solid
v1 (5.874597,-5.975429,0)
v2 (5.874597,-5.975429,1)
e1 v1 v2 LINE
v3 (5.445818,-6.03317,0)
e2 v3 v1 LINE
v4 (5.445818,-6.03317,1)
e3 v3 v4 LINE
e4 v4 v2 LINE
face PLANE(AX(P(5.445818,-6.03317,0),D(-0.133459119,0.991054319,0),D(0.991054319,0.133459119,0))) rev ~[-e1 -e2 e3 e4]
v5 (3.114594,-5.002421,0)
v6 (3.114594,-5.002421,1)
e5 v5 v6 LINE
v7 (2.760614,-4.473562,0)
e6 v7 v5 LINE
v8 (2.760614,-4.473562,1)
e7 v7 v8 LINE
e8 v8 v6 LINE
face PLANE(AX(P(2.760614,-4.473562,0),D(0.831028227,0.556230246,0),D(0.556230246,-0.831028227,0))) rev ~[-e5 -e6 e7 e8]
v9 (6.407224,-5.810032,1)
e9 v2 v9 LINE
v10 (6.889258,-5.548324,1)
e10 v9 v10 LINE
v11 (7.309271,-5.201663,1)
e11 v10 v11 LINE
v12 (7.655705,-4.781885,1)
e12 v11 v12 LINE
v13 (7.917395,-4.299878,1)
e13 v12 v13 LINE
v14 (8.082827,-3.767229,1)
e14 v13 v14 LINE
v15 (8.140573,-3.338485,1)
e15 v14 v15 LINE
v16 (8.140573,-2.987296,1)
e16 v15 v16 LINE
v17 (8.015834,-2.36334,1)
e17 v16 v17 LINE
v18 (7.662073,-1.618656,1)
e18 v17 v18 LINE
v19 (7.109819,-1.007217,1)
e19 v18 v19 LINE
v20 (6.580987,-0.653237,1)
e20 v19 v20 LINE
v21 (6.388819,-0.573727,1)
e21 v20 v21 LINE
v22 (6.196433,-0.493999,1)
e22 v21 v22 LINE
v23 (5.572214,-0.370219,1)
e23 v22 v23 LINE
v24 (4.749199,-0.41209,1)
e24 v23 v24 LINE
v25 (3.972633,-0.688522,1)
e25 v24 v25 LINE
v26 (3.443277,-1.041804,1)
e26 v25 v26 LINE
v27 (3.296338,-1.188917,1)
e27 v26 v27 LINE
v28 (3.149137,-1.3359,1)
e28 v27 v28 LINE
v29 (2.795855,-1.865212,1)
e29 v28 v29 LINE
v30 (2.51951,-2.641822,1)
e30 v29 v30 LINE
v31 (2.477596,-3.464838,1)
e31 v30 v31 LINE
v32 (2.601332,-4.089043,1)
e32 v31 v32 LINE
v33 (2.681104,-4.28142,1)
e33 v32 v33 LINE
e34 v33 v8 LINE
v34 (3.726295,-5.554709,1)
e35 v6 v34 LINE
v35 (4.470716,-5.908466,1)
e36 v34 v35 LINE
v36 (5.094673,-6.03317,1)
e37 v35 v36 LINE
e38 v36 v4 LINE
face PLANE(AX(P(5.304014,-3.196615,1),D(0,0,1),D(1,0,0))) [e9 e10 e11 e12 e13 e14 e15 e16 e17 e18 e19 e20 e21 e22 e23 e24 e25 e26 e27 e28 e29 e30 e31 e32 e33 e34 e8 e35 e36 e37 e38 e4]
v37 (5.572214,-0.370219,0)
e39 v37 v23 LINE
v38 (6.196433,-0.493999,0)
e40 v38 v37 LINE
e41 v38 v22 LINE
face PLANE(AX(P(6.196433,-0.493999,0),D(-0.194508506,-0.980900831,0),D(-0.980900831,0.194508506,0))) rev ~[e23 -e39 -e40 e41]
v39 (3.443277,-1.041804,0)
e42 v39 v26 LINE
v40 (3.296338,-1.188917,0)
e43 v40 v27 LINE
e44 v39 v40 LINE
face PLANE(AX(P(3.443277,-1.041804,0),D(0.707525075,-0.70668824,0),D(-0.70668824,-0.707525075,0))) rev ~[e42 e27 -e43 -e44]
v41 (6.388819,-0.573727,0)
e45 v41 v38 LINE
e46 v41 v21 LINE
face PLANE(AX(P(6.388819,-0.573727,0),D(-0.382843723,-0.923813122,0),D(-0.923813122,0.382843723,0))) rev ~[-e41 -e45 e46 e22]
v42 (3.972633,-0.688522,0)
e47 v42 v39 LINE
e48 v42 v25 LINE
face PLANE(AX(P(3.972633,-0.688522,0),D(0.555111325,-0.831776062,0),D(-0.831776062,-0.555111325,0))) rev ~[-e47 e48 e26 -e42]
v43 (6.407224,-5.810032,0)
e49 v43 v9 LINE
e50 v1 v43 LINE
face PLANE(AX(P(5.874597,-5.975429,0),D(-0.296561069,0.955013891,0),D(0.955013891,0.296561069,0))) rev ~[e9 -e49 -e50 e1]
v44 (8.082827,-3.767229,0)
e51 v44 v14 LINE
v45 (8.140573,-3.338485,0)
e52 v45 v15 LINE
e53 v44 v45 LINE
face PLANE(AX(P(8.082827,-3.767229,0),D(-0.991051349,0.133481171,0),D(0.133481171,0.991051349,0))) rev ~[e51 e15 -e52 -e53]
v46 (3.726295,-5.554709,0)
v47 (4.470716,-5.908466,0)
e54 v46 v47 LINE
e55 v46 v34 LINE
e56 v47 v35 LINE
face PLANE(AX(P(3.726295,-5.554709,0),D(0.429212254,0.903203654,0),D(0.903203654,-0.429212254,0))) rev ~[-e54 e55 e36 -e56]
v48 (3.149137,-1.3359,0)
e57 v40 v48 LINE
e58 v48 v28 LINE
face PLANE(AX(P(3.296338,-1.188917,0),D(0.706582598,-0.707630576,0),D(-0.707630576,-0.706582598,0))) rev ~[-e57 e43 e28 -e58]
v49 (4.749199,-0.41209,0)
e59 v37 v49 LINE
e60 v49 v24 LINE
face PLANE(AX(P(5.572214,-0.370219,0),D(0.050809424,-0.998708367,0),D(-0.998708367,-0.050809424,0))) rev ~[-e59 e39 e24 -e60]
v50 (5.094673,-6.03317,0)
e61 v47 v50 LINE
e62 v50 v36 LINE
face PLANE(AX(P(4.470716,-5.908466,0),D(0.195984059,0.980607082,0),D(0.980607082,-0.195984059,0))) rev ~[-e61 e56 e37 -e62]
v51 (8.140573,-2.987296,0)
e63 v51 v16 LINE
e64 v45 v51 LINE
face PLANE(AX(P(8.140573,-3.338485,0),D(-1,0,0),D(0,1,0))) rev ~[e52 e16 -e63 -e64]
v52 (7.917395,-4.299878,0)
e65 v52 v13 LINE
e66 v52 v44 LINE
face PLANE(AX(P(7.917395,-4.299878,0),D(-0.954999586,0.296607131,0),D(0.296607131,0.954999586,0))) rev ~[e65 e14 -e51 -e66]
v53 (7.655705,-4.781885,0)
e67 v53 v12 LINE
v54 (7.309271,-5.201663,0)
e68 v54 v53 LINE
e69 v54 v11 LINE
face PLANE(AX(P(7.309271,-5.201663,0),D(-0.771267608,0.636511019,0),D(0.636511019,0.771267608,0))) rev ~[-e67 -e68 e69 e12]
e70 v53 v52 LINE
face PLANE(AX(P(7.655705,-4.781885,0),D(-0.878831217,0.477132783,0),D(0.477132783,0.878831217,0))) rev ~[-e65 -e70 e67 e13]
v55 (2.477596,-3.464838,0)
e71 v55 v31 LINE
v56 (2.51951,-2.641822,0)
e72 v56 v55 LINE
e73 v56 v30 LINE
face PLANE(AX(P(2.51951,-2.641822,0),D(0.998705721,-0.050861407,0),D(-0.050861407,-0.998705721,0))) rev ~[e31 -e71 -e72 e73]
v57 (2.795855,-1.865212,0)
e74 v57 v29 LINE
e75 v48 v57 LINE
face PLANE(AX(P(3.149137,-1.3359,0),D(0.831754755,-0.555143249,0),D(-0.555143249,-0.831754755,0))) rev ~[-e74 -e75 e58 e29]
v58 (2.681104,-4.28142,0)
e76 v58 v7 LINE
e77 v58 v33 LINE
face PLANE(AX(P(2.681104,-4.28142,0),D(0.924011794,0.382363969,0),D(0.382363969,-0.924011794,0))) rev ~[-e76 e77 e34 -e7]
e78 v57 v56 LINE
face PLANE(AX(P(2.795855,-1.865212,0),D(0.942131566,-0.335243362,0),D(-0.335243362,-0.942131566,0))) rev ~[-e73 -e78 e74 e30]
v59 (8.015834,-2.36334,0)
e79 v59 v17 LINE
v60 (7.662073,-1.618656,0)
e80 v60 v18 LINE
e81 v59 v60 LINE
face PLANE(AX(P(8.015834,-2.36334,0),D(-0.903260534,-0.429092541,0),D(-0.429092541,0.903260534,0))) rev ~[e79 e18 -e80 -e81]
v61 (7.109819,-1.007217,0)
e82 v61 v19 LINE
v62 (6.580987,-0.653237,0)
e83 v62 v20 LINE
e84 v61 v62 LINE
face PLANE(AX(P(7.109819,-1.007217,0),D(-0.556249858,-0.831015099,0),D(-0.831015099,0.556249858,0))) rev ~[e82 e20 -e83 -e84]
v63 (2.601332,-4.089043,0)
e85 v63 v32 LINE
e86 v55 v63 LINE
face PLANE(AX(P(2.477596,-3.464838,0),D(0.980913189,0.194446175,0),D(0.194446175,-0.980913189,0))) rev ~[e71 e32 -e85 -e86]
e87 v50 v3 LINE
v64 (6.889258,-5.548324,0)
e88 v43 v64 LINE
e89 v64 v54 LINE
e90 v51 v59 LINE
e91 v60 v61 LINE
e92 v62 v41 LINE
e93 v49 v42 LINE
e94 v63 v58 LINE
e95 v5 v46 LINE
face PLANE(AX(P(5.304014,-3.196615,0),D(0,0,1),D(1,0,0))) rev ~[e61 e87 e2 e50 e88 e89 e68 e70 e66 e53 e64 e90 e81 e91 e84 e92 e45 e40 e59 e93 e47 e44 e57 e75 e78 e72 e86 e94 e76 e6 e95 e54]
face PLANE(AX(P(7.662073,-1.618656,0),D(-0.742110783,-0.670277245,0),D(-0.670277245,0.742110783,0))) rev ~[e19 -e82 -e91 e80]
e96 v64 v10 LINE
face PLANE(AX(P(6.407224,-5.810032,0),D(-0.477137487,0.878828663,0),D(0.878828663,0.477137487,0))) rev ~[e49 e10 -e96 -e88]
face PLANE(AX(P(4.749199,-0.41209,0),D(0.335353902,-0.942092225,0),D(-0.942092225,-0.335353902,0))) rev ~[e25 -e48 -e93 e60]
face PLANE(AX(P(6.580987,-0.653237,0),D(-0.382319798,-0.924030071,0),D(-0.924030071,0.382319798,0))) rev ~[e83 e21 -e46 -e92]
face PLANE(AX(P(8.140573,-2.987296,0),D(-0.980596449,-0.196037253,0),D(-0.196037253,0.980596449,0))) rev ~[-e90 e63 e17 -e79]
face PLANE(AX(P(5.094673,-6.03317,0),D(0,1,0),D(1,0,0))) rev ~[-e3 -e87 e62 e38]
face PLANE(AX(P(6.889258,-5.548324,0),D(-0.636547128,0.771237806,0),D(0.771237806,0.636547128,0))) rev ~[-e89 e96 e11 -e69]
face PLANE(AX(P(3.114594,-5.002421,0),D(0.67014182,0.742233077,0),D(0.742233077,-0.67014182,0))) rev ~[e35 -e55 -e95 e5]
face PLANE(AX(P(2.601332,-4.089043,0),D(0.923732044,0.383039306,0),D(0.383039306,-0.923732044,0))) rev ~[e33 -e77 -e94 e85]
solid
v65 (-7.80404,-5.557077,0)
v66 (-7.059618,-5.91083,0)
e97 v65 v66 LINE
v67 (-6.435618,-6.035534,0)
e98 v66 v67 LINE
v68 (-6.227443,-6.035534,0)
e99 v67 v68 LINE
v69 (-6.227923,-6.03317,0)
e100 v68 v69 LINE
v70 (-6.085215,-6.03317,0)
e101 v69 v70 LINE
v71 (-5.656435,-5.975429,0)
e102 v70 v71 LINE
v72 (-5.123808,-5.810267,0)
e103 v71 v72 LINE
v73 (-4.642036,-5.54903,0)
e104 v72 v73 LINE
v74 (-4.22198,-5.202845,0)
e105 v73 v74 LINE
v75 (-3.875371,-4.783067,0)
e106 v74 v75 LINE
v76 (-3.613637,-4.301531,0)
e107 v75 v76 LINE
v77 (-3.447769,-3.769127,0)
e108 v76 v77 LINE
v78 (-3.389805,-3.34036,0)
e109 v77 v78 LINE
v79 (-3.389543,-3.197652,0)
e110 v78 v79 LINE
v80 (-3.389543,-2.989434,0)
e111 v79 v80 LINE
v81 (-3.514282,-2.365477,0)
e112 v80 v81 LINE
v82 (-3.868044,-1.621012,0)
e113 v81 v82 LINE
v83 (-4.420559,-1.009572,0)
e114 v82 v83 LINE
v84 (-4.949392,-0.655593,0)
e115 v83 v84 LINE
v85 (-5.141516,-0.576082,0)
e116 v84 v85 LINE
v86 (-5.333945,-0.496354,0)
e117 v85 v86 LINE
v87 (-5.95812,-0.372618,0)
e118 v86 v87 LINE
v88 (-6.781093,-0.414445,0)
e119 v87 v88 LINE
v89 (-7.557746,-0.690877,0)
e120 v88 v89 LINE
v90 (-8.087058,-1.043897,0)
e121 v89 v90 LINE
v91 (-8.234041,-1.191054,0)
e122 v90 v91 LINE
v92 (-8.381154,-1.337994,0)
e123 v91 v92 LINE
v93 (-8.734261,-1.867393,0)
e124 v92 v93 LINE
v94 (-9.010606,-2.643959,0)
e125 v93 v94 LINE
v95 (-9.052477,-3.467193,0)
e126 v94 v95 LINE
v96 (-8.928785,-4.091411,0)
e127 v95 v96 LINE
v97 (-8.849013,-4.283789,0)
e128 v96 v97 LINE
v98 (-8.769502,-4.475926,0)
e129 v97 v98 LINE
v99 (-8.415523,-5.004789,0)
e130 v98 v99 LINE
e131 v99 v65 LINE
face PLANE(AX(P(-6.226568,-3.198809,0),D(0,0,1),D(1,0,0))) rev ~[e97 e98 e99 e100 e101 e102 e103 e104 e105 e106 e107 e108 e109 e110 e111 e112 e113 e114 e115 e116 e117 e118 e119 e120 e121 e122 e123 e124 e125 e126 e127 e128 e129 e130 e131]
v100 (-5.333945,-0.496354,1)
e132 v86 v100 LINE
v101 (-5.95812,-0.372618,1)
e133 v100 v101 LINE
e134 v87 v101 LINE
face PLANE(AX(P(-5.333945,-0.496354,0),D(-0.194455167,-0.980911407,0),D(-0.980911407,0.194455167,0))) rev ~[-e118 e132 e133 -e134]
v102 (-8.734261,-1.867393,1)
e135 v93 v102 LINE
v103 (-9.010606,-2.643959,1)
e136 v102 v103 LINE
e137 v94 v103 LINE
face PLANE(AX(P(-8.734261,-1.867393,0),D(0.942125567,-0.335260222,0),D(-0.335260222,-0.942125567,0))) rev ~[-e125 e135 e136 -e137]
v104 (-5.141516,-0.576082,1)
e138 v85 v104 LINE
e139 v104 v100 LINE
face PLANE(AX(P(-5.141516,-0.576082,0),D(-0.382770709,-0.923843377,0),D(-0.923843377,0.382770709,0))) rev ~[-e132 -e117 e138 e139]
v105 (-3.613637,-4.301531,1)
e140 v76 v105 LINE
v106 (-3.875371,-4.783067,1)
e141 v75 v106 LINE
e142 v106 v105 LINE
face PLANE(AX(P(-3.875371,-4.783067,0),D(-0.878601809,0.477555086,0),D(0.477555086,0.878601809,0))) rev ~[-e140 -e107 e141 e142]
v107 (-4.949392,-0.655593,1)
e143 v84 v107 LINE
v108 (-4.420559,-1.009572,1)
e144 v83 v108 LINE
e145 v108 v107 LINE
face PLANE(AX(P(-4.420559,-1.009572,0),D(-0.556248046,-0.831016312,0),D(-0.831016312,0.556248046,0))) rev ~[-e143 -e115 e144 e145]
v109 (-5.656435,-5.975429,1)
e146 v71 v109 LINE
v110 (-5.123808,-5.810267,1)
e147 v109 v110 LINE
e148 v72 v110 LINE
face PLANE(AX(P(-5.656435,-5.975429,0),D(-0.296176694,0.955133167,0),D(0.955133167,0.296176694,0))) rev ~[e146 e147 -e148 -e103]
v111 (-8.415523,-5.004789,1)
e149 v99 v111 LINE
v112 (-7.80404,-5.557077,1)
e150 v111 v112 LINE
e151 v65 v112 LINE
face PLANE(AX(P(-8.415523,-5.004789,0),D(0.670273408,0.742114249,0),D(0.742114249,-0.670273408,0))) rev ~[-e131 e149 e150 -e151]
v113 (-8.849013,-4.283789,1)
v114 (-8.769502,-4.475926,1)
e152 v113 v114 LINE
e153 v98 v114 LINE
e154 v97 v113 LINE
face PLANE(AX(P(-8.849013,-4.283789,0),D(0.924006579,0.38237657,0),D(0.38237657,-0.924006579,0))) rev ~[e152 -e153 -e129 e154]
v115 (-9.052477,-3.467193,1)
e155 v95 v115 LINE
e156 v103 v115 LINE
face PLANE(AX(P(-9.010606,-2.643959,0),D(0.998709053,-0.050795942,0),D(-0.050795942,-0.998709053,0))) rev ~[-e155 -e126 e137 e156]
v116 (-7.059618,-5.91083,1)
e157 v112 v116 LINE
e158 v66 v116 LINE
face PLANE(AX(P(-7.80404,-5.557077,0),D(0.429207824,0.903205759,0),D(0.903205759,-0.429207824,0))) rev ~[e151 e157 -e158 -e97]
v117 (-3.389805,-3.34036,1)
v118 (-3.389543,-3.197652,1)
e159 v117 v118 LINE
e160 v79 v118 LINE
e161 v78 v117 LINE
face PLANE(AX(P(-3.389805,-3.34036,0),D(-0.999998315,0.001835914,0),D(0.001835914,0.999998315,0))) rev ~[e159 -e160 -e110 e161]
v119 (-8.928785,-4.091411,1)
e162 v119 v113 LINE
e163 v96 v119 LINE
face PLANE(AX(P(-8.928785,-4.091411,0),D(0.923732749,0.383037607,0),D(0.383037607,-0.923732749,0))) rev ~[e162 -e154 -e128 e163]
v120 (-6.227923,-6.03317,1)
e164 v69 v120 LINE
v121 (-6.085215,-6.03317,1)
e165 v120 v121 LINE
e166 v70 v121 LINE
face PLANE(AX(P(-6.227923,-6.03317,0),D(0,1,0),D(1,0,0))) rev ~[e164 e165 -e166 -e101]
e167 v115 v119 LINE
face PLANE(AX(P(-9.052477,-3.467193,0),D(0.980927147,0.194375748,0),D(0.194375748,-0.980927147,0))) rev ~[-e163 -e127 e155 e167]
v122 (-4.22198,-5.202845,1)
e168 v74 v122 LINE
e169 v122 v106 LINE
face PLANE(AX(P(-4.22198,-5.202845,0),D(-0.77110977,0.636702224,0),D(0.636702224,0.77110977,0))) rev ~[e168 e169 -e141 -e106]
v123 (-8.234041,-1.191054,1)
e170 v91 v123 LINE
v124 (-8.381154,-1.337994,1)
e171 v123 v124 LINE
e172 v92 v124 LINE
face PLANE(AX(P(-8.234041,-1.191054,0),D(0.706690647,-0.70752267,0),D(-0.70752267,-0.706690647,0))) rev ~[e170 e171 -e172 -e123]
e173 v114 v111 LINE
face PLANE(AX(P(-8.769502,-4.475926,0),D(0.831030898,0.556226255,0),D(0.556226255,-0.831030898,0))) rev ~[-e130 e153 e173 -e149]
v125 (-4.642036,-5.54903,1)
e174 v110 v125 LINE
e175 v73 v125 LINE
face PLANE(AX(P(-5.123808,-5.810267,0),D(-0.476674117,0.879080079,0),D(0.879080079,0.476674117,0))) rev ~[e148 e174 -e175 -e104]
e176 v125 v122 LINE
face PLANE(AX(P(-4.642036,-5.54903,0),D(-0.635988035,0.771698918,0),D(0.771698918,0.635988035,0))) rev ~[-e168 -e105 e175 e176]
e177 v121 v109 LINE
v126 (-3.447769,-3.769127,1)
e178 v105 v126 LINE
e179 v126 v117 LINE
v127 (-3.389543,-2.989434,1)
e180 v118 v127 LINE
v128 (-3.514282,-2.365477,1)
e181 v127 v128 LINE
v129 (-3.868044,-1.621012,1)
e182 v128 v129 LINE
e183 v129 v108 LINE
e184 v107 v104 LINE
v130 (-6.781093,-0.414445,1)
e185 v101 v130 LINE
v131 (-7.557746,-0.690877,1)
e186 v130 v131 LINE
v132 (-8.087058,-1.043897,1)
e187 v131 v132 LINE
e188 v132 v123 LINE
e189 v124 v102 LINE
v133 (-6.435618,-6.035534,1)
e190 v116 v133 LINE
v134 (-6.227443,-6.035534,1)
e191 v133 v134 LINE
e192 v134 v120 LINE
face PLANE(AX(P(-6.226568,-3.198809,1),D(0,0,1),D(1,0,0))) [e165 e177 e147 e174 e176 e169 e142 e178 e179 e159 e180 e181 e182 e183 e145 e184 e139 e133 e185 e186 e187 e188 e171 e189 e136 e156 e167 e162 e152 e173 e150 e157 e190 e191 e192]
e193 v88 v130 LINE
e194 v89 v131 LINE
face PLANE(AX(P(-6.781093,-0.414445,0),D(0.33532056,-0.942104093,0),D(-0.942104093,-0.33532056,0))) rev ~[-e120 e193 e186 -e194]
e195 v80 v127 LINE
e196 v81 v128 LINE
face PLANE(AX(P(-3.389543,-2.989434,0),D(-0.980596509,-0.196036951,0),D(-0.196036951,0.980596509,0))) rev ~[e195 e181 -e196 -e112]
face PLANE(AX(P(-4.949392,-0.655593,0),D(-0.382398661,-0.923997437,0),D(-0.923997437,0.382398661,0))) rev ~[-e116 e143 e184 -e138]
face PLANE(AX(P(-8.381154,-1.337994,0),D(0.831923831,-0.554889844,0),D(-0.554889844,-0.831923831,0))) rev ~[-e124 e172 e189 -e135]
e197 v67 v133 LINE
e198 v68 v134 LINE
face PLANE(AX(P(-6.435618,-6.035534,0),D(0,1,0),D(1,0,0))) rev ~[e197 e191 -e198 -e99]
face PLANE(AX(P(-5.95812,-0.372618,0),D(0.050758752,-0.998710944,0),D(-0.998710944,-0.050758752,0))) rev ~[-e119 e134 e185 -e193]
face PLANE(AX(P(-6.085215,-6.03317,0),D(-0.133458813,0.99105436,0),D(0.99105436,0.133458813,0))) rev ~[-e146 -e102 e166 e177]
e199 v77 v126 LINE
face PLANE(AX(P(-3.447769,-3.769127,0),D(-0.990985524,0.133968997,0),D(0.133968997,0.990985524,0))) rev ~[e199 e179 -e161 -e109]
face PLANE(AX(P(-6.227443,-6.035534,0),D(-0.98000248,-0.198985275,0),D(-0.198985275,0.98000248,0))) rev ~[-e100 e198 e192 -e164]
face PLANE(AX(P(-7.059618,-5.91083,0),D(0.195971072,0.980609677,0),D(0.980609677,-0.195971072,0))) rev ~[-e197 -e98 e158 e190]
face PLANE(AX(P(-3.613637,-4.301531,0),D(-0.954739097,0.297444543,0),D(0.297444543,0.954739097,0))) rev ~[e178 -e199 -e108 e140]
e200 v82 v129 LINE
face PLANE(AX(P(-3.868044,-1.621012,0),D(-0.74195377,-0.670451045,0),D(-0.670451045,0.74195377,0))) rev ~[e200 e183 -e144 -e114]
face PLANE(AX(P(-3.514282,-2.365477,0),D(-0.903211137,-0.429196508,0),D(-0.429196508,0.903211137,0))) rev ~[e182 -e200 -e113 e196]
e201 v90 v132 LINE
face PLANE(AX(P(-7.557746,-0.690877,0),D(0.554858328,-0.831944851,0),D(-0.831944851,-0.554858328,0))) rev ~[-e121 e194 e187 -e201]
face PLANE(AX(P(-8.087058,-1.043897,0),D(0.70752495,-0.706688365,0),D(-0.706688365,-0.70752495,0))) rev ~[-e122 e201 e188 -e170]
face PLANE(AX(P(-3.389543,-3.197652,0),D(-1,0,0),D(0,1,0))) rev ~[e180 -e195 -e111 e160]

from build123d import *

# Parameters (mm, degrees)
F1_DEPTH = 1


with BuildPart() as f1:
    # F0 (on Top) → F1 (new body)
    with BuildSketch(Plane.XY):
        Polygon((-6.435618, -6.035534), (-6.227443, -6.035534), (-6.227923, -6.03317), (-6.085215, -6.03317), (-5.656435, -5.975429), (-5.123808, -5.810267), (-4.642036, -5.54903), (-4.22198, -5.202845), (-3.875371, -4.783067), (-3.613637, -4.301531), (-3.447769, -3.769127), (-3.389805, -3.34036), (-3.389543, -3.197652), (-3.389543, -2.989434), (-3.514282, -2.365477), (-3.868044, -1.621012), (-4.420559, -1.009572), (-4.949392, -0.655593), (-5.141516, -0.576082), (-5.333945, -0.496354), (-5.95812, -0.372618), (-6.781093, -0.414445), (-7.557746, -0.690877), (-8.087058, -1.043897), (-8.234041, -1.191054), (-8.381154, -1.337994), (-8.734261, -1.867393), (-9.010606, -2.643959), (-9.052477, -3.467193), (-8.928785, -4.091411), (-8.849013, -4.283789), (-8.769502, -4.475926), (-8.415523, -5.004789), (-7.80404, -5.557077), (-7.059618, -5.91083), align=None)
        Polygon((5.094673, -6.03317), (5.302935, -6.03317), (5.445818, -6.03317), (5.874597, -5.975429), (6.407224, -5.810032), (6.889258, -5.548324), (7.309271, -5.201663), (7.655705, -4.781885), (7.917395, -4.299878), (8.082827, -3.767229), (8.140573, -3.338485), (8.140573, -3.195558), (8.140573, -2.987296), (8.015834, -2.36334), (7.662073, -1.618656), (7.109819, -1.007217), (6.580987, -0.653237), (6.388819, -0.573727), (6.196433, -0.493999), (5.572214, -0.370219), (4.749199, -0.41209), (3.972633, -0.688522), (3.443277, -1.041804), (3.296338, -1.188917), (3.149137, -1.3359), (2.795855, -1.865212), (2.51951, -2.641822), (2.477596, -3.464838), (2.601332, -4.089043), (2.681104, -4.28142), (2.760614, -4.473562), (3.114594, -5.002421), (3.726295, -5.554709), (4.470716, -5.908466), align=None)
    extrude(amount=F1_DEPTH)


solid = f1.part
